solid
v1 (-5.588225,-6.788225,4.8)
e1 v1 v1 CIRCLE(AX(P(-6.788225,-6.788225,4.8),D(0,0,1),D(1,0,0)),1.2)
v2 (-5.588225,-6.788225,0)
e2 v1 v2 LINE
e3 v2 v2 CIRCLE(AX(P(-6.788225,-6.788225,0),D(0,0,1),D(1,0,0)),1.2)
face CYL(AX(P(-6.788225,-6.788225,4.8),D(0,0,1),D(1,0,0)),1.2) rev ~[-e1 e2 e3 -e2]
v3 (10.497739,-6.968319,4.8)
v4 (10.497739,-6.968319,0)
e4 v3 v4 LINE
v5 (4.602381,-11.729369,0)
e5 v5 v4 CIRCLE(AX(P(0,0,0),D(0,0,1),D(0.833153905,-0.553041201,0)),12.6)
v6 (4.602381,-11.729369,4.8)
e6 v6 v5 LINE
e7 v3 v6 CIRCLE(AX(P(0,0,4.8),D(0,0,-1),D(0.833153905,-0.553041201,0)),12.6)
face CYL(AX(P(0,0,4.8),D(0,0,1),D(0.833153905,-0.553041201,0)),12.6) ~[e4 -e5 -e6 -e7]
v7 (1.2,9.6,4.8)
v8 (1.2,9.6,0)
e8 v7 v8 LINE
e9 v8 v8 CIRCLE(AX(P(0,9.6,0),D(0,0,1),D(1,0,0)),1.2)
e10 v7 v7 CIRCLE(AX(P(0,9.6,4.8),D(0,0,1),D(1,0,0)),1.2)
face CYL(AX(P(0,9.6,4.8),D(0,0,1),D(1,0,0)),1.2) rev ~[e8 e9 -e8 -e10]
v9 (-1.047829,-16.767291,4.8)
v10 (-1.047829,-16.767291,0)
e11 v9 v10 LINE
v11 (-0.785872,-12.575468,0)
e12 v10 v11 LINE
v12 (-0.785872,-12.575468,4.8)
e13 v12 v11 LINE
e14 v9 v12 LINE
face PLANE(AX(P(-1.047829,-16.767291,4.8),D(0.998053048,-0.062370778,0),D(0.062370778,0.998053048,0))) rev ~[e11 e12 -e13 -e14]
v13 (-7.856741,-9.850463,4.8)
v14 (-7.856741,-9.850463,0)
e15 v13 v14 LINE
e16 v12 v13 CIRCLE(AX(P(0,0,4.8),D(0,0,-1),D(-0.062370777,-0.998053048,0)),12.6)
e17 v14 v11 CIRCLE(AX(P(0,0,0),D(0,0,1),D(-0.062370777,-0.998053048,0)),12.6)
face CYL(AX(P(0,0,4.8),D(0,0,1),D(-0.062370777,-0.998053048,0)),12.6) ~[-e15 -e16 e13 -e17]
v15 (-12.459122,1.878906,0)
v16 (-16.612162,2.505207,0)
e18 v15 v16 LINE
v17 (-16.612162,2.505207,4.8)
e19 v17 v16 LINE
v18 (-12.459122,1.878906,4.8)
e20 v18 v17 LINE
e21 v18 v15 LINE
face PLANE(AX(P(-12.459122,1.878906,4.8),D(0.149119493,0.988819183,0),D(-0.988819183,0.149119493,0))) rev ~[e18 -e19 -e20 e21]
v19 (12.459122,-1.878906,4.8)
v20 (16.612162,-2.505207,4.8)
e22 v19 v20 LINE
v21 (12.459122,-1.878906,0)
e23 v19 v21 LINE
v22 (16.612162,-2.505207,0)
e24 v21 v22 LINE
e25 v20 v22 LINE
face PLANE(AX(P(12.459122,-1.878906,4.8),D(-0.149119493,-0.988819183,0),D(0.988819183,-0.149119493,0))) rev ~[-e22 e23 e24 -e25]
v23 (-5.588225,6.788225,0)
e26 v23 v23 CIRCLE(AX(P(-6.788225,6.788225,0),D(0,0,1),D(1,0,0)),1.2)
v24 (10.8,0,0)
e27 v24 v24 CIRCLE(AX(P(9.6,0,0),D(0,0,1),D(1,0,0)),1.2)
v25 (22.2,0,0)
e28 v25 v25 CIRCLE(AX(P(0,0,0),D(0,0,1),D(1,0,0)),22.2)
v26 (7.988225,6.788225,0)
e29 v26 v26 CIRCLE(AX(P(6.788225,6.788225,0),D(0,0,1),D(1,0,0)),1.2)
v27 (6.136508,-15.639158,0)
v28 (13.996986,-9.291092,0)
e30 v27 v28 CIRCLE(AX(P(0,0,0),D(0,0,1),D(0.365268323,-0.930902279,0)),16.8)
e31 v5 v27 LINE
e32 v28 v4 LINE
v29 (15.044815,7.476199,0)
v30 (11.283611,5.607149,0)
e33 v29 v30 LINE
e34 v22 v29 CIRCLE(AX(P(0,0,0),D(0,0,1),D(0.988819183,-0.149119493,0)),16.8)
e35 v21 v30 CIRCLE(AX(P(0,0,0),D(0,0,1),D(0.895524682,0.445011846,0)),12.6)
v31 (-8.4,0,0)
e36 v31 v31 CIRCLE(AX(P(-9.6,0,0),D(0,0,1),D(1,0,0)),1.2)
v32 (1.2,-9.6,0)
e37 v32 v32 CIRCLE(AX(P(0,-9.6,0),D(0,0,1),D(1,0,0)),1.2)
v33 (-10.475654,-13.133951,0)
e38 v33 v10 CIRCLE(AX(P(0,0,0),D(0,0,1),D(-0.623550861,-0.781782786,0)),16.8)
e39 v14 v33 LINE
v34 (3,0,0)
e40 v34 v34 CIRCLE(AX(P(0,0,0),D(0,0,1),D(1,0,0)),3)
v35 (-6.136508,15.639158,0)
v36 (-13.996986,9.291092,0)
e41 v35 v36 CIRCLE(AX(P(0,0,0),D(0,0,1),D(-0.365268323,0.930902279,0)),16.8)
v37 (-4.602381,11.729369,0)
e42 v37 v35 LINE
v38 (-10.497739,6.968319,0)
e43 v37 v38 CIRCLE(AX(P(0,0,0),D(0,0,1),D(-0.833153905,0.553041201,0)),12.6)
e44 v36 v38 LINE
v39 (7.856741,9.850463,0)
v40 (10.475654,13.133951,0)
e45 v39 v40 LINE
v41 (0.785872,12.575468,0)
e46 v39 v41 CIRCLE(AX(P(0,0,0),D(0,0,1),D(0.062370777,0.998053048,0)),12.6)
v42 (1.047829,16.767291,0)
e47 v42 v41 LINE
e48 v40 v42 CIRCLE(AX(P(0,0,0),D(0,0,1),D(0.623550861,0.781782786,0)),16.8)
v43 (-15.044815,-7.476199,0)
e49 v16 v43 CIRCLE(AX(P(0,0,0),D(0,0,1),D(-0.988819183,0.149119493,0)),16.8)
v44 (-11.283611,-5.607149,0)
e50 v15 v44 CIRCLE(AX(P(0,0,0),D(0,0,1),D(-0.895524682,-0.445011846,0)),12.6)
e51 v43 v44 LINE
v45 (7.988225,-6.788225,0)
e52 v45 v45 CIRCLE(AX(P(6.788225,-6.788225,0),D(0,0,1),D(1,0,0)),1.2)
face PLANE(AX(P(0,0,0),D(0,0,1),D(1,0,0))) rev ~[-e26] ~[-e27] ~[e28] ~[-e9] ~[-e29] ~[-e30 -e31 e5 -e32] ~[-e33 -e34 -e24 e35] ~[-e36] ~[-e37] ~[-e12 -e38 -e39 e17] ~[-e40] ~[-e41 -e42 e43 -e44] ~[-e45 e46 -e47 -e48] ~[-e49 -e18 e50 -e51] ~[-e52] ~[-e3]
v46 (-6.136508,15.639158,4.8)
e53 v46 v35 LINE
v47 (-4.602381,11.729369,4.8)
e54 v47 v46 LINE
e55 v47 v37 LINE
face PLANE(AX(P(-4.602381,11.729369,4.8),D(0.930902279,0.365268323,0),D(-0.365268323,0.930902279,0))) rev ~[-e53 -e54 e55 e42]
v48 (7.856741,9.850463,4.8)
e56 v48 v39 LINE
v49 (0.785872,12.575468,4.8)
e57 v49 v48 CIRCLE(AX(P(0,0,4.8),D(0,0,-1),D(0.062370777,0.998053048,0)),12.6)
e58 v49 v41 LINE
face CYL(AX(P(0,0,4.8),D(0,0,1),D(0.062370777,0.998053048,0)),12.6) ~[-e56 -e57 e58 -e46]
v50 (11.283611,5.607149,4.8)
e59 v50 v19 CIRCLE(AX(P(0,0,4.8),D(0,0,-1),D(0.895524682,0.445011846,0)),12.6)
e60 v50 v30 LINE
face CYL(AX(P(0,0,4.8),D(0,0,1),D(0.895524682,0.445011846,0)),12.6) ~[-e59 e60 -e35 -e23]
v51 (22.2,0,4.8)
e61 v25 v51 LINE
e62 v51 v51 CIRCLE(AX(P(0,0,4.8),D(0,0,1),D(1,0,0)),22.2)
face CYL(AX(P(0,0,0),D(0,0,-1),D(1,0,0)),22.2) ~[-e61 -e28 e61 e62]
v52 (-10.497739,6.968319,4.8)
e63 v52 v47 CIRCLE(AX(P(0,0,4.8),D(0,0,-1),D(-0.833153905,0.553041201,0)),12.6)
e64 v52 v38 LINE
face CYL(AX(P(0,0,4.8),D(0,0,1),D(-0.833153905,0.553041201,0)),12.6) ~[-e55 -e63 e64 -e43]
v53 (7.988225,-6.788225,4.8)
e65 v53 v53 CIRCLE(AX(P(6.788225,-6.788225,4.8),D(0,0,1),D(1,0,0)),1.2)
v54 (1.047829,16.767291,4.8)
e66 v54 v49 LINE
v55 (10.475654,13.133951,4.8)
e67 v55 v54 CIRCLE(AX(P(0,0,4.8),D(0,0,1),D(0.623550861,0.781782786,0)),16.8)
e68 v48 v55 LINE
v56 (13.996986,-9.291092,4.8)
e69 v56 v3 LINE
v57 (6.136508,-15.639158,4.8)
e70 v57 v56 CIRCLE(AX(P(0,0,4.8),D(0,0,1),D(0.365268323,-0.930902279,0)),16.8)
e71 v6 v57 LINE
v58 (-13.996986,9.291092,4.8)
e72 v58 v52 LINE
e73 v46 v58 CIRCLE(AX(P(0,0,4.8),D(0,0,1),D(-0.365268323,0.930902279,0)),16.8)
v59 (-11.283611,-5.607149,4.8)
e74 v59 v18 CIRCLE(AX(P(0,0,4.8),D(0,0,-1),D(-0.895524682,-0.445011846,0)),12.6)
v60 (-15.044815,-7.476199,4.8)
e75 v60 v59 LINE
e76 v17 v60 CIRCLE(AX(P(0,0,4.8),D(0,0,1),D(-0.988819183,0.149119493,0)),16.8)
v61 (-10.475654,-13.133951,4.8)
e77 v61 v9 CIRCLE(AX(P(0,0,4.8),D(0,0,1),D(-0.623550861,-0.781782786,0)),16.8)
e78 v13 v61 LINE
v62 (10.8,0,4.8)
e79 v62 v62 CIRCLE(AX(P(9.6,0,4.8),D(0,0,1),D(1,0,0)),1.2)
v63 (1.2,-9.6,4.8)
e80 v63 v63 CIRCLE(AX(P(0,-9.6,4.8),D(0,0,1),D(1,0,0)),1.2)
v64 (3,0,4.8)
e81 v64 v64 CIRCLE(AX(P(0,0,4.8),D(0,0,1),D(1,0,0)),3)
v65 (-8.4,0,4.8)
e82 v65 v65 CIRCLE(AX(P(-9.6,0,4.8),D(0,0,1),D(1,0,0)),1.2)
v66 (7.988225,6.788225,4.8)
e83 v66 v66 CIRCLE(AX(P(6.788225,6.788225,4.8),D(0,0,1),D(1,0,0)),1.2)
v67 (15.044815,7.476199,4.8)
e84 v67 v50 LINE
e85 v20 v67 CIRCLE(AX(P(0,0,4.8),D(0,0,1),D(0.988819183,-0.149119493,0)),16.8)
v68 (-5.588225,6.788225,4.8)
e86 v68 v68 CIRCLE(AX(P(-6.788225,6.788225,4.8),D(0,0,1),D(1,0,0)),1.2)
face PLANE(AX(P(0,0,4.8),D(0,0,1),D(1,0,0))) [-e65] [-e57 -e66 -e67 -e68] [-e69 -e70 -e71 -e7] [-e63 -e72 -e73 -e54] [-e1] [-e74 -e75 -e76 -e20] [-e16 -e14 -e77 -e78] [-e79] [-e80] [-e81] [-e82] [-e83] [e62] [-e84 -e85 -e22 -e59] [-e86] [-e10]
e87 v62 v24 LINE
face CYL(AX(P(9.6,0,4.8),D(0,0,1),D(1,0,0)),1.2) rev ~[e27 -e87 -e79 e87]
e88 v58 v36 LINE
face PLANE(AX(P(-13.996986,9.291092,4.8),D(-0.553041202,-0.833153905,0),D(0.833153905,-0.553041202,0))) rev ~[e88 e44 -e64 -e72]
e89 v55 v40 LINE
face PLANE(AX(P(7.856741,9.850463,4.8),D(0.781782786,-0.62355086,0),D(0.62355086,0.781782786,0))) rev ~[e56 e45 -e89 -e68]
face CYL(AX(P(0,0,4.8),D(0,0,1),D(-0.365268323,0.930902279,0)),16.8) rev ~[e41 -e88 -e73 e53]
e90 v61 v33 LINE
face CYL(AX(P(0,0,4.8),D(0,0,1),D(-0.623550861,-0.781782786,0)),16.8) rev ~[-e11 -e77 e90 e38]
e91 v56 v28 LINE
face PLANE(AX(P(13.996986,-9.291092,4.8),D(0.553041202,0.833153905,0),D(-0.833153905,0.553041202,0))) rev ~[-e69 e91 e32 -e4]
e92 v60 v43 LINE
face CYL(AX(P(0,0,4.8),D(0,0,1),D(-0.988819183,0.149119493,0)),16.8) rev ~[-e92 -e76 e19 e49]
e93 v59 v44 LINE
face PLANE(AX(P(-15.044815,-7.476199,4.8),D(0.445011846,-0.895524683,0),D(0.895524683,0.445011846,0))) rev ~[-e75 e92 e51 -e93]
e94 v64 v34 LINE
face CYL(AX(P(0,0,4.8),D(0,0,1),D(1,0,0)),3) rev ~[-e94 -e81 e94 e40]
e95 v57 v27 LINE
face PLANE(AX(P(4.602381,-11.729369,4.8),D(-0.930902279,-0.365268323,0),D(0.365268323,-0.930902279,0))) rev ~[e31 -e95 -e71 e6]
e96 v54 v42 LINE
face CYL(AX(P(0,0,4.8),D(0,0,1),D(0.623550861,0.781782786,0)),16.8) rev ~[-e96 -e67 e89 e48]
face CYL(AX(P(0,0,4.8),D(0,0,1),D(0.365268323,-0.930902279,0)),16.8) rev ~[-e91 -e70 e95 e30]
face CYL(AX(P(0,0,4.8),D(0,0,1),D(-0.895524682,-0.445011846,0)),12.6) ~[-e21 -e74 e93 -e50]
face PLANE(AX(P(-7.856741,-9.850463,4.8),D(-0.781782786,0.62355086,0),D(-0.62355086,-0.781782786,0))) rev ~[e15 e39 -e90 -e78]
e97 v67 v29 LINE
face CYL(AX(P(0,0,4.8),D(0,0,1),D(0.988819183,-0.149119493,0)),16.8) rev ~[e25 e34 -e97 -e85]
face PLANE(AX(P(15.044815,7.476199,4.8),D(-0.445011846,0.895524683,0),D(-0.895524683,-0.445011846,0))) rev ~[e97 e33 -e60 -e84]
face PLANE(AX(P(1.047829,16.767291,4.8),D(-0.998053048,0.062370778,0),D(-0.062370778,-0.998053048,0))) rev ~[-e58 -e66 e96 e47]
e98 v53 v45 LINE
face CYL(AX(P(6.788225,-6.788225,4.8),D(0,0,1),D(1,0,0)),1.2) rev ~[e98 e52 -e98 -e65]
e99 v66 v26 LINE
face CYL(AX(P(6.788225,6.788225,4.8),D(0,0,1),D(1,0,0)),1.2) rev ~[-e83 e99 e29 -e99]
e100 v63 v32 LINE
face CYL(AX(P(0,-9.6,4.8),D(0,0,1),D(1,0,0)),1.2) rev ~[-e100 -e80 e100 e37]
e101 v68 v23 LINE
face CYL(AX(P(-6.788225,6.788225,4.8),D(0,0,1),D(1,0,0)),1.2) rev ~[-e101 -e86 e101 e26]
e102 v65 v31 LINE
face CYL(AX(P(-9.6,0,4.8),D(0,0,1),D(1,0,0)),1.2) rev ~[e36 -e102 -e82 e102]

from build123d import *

# Parameters (mm, degrees)
ESQUISSE1_R             = 22.2
BOSS_EXTRU_1_DEPTH      = 4.8
ESQUISSE2_R             = 3
ESQUISSE2_R_2           = 1.2
ENL_V_MAT_EXTRU_1_DEPTH = 32.760352643


with BuildPart() as part:
    # Esquisse1 → Boss.-Extru.1 (new body)
    with BuildSketch(Plane.XY):
        Circle(ESQUISSE1_R)
    extrude(amount=BOSS_EXTRU_1_DEPTH)

    # Esquisse2 → Enlèv. mat.-Extru.1 (cut, through all)
    with BuildSketch(Plane.XY.offset(4.8)):
        Circle(ESQUISSE2_R)
        with Locations((9.6, 0)):
            Circle(ESQUISSE2_R_2)
        with Locations((6.788225099, -6.788225099)):
            Circle(ESQUISSE2_R_2)
        with Locations((0, -9.6)):
            Circle(ESQUISSE2_R_2)
        with Locations((-6.788225099, -6.788225099)):
            Circle(ESQUISSE2_R_2)
        with Locations((-9.6, 0)):
            Circle(ESQUISSE2_R_2)
        with Locations((-6.788225099, 6.788225099)):
            Circle(ESQUISSE2_R_2)
        with Locations((0, 9.6)):
            Circle(ESQUISSE2_R_2)
        with Locations((6.788225099, 6.788225099)):
            Circle(ESQUISSE2_R_2)
        with BuildLine():
            Line((-13.996985601, 9.29109219), (-10.497739201, 6.968319142))
            ThreePointArc((-10.497739201, 6.968319142), (-7.916457842, 9.802535144), (-4.602380866, 11.729368711))
            Line((-4.602380866, 11.729368711), (-6.136507821, 15.639158282))
            ThreePointArc((-6.136507821, 15.639158282), (-10.555277122, 13.070046858), (-13.996985601, 9.29109219))
        make_face()
        with BuildLine():
            Line((1.047829065, 16.767291202), (0.785871799, 12.575468401))
            ThreePointArc((0.785871799, 12.575468401), (4.531015535, 11.757121171), (7.856740841, 9.850463103))
            Line((7.856740841, 9.850463103), (10.475654455, 13.133950804))
            ThreePointArc((10.475654455, 13.133950804), (6.041354047, 15.676161561), (1.047829065, 16.767291202))
        make_face()
        with BuildLine():
            Line((15.044814666, 7.476199012), (11.283610999, 5.607149259))
            ThreePointArc((11.283610999, 5.607149259), (12.447473377, 1.954586027), (12.459121707, -1.878905608))
            Line((12.459121707, -1.878905608), (16.612162276, -2.505207477))
            ThreePointArc((16.612162276, -2.505207477), (16.596631169, 2.606114703), (15.044814666, 7.476199012))
        make_face()
        with BuildLine():
            Line((13.996985601, -9.29109219), (10.497739201, -6.968319142))
            ThreePointArc((10.497739201, -6.968319142), (7.916457842, -9.802535144), (4.602380866, -11.729368711))
            Line((4.602380866, -11.729368711), (6.136507821, -15.639158282))
            ThreePointArc((6.136507821, -15.639158282), (10.555277122, -13.070046858), (13.996985601, -9.29109219))
        make_face()
        with BuildLine():
            Line((-1.047829065, -16.767291202), (-0.785871799, -12.575468401))
            ThreePointArc((-0.785871799, -12.575468401), (-4.531015535, -11.757121171), (-7.856740841, -9.850463103))
            Line((-7.856740841, -9.850463103), (-10.475654455, -13.133950804))
            ThreePointArc((-10.475654455, -13.133950804), (-6.041354047, -15.676161561), (-1.047829065, -16.767291202))
        make_face()
        with BuildLine():
            Line((-15.044814666, -7.476199012), (-11.283610999, -5.607149259))
            ThreePointArc((-11.283610999, -5.607149259), (-12.447473377, -1.954586027), (-12.459121707, 1.878905608))
            Line((-12.459121707, 1.878905608), (-16.612162276, 2.505207477))
            ThreePointArc((-16.612162276, 2.505207477), (-16.596631169, -2.606114703), (-15.044814666, -7.476199012))
        make_face()
    extrude(amount=-ENL_V_MAT_EXTRU_1_DEPTH, mode=Mode.SUBTRACT)


solid = part.part
